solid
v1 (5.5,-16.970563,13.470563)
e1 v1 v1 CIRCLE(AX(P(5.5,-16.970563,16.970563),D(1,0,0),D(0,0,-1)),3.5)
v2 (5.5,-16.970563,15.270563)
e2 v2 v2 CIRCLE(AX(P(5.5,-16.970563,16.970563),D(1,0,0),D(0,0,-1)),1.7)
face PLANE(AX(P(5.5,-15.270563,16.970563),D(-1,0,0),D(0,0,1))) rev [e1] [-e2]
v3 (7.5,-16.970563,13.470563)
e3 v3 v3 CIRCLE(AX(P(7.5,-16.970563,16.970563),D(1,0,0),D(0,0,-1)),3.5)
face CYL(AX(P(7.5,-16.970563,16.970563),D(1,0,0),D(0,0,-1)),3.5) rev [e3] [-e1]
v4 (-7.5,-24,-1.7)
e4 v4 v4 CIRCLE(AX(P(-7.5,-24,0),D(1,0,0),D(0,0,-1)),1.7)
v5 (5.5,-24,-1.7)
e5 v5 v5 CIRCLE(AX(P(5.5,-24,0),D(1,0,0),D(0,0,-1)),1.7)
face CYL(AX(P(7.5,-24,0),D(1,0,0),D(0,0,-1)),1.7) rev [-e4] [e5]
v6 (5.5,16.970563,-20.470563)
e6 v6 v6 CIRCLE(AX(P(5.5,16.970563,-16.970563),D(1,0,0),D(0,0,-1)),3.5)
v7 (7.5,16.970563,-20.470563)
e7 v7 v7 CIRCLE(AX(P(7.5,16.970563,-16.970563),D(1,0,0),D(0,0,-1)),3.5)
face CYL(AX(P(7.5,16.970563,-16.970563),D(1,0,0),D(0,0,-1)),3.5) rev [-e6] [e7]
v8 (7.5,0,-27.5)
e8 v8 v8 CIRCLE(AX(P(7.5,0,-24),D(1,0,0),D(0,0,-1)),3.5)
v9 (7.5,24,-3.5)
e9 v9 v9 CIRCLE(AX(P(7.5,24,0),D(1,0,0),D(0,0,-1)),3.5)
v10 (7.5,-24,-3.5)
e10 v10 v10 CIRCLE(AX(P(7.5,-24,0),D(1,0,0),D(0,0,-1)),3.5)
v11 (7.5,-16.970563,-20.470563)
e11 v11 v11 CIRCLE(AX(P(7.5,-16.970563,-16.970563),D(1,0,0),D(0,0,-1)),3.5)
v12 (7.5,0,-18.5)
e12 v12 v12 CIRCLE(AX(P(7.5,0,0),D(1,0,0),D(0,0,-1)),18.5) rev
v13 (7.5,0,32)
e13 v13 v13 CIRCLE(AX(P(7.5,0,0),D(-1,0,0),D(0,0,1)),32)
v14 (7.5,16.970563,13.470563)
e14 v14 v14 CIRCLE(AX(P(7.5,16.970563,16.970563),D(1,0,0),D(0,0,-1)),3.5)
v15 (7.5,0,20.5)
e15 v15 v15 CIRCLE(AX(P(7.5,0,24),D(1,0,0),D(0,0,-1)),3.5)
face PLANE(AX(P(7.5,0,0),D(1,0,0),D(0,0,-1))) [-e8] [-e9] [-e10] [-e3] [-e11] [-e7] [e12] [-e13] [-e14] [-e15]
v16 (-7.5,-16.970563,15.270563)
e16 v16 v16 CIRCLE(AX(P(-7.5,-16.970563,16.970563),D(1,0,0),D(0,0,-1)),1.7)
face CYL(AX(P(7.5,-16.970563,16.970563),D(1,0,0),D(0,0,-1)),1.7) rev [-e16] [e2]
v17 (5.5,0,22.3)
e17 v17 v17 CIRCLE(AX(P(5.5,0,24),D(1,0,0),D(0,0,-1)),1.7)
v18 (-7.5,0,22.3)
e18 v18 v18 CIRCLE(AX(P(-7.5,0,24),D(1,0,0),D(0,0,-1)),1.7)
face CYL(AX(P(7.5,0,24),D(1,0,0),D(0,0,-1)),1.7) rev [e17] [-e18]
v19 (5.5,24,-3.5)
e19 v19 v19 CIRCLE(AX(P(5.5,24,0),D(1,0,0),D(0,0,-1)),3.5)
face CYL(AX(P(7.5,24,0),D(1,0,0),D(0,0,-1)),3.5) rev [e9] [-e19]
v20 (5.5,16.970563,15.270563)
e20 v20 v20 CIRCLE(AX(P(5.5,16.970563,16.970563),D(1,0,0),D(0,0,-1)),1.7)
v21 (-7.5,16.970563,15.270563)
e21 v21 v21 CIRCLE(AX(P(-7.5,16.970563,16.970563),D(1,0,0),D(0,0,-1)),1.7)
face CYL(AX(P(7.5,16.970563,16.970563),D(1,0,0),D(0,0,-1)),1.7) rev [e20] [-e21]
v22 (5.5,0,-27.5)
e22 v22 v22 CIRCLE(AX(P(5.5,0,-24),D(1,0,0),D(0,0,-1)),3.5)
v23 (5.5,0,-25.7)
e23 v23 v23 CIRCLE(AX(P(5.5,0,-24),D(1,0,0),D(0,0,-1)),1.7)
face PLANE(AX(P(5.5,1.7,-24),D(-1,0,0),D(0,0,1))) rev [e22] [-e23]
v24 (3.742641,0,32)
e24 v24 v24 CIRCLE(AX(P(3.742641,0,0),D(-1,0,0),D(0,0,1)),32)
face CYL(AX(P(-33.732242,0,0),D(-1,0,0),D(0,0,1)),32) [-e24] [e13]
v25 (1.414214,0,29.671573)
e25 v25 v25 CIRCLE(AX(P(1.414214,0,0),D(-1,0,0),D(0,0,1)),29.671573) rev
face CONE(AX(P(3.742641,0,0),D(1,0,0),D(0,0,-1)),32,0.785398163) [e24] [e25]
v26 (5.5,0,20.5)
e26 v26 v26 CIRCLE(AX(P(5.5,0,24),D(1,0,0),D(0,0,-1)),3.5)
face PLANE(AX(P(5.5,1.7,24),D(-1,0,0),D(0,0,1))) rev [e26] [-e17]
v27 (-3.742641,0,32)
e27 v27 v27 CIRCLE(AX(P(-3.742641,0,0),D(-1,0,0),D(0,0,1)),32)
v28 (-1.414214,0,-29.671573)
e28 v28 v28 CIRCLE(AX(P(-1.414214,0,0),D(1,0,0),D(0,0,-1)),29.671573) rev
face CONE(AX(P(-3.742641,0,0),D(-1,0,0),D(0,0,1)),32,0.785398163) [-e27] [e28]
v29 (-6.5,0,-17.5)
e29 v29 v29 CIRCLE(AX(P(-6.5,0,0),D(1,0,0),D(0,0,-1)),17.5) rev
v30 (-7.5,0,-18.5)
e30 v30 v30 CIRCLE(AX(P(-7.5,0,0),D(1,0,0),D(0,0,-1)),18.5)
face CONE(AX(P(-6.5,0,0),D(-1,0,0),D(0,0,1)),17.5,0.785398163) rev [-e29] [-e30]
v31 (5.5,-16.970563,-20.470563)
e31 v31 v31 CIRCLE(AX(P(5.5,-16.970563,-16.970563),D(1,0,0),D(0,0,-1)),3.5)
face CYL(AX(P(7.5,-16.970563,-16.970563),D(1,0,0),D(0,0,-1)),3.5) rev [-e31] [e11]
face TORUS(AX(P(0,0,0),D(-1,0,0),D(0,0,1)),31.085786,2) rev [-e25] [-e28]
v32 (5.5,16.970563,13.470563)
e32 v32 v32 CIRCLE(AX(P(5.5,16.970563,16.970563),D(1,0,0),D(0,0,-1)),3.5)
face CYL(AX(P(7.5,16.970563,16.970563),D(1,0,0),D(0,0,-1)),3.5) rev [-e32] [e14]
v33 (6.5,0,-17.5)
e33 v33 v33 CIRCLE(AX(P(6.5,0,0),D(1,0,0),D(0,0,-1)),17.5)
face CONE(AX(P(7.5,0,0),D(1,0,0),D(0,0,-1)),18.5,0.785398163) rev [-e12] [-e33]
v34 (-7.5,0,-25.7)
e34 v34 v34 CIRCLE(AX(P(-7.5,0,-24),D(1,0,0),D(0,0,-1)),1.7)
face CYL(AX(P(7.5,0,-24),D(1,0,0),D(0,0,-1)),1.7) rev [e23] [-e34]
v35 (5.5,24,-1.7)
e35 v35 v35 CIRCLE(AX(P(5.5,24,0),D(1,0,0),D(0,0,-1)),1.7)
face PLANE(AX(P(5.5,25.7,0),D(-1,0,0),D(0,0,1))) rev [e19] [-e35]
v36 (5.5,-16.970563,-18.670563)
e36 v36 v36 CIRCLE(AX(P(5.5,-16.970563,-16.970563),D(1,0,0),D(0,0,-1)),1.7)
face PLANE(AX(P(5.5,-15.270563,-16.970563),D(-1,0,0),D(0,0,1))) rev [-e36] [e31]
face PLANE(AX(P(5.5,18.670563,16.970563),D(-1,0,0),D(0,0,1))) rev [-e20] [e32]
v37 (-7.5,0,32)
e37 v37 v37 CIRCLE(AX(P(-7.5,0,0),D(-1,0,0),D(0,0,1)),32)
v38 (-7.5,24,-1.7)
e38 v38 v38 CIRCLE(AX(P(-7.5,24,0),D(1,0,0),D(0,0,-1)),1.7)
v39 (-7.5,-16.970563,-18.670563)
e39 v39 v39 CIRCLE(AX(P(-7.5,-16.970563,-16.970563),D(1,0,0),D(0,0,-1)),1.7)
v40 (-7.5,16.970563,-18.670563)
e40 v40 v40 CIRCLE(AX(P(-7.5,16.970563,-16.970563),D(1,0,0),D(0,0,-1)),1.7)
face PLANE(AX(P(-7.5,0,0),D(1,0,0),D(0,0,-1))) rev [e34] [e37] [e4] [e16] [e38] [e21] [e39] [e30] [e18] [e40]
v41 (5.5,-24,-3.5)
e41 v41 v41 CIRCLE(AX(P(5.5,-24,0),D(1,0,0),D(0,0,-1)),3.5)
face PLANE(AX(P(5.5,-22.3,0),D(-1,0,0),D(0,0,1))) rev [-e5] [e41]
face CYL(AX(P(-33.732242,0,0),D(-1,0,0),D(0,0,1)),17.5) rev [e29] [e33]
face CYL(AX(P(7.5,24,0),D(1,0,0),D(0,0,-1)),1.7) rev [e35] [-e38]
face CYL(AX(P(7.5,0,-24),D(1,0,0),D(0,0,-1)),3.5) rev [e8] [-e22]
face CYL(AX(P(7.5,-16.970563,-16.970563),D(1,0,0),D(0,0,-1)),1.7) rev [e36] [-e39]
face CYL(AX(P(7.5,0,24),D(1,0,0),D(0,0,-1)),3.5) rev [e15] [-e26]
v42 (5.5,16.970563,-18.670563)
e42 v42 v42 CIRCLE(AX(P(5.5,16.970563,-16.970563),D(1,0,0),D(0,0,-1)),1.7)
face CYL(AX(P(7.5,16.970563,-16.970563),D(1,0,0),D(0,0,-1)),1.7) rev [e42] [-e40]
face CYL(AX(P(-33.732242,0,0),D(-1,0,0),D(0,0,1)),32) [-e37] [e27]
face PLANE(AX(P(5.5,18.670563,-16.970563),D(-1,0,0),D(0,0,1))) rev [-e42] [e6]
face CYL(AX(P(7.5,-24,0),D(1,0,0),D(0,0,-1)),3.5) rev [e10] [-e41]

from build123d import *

# Parameters (mm, degrees)
CHAMFER1_SIZE                                = 1
FILLET1_R                                    = 2
CBORE_FOR_M3_HEX_HEAD_CAP_SCREW1_D           = 3.4
CBORE_FOR_M3_HEX_HEAD_CAP_SCREW1_CBORE_D     = 7
CBORE_FOR_M3_HEX_HEAD_CAP_SCREW1_CBORE_DEPTH = 2
CIRPATTERN1_COUNT                            = 8


with BuildPart() as part:
    # Sketch1 → Revolve1 (revolve)
    with BuildSketch(Plane.XY, mode=Mode.PRIVATE) as revolve1_sk:
        Polygon((7.5, 32), (3.742640687, 32), (0, 28.257359313), (-3.742640687, 32), (-7.5, 32), (-7.5, 17.5), (7.5, 17.5), align=None)
    revolve(revolve1_sk.sketch.rotate(Axis((-33.732241936, 0, 0), (1, 0, 0)), 90), axis=Axis((-33.732241936, 0, 0), (1, 0, 0)))

    # Chamfer1
    chamfer1_edges = [part.edges().sort_by_distance(p)[0] for p in [
        (7.5, 0, -17.5),
        (-7.5, 0, -17.5),
    ]]
    chamfer(chamfer1_edges, length=CHAMFER1_SIZE)

    # Fillet1
    fillet1_edges = [part.edges().sort_by_distance(p)[0] for p in [
        (0, 0, -28.257359313),
    ]]
    fillet(fillet1_edges, radius=FILLET1_R)

    # CBORE for M3 Hex Head Cap Screw1 (through all)
    with Locations(Plane(origin=(7.5, 24, 0), x_dir=(0, 0, 1), z_dir=(1, 0, 0))):
        with Locations((0, 0)):
            cbore_for_m3_hex_head_cap_screw1 = CounterBoreHole(CBORE_FOR_M3_HEX_HEAD_CAP_SCREW1_D / 2, CBORE_FOR_M3_HEX_HEAD_CAP_SCREW1_CBORE_D / 2, CBORE_FOR_M3_HEX_HEAD_CAP_SCREW1_CBORE_DEPTH)

    # CirPattern1: CBORE for M3 Hex Head Cap Screw1 ×8 about axis
    cirpattern1_axis = Axis((0, 0, 0), (1, 0, 0))
    for i in range(1, CIRPATTERN1_COUNT):
        add(cbore_for_m3_hex_head_cap_screw1.rotate(cirpattern1_axis, i * 360 / CIRPATTERN1_COUNT), mode=Mode.SUBTRACT)


solid = part.part
